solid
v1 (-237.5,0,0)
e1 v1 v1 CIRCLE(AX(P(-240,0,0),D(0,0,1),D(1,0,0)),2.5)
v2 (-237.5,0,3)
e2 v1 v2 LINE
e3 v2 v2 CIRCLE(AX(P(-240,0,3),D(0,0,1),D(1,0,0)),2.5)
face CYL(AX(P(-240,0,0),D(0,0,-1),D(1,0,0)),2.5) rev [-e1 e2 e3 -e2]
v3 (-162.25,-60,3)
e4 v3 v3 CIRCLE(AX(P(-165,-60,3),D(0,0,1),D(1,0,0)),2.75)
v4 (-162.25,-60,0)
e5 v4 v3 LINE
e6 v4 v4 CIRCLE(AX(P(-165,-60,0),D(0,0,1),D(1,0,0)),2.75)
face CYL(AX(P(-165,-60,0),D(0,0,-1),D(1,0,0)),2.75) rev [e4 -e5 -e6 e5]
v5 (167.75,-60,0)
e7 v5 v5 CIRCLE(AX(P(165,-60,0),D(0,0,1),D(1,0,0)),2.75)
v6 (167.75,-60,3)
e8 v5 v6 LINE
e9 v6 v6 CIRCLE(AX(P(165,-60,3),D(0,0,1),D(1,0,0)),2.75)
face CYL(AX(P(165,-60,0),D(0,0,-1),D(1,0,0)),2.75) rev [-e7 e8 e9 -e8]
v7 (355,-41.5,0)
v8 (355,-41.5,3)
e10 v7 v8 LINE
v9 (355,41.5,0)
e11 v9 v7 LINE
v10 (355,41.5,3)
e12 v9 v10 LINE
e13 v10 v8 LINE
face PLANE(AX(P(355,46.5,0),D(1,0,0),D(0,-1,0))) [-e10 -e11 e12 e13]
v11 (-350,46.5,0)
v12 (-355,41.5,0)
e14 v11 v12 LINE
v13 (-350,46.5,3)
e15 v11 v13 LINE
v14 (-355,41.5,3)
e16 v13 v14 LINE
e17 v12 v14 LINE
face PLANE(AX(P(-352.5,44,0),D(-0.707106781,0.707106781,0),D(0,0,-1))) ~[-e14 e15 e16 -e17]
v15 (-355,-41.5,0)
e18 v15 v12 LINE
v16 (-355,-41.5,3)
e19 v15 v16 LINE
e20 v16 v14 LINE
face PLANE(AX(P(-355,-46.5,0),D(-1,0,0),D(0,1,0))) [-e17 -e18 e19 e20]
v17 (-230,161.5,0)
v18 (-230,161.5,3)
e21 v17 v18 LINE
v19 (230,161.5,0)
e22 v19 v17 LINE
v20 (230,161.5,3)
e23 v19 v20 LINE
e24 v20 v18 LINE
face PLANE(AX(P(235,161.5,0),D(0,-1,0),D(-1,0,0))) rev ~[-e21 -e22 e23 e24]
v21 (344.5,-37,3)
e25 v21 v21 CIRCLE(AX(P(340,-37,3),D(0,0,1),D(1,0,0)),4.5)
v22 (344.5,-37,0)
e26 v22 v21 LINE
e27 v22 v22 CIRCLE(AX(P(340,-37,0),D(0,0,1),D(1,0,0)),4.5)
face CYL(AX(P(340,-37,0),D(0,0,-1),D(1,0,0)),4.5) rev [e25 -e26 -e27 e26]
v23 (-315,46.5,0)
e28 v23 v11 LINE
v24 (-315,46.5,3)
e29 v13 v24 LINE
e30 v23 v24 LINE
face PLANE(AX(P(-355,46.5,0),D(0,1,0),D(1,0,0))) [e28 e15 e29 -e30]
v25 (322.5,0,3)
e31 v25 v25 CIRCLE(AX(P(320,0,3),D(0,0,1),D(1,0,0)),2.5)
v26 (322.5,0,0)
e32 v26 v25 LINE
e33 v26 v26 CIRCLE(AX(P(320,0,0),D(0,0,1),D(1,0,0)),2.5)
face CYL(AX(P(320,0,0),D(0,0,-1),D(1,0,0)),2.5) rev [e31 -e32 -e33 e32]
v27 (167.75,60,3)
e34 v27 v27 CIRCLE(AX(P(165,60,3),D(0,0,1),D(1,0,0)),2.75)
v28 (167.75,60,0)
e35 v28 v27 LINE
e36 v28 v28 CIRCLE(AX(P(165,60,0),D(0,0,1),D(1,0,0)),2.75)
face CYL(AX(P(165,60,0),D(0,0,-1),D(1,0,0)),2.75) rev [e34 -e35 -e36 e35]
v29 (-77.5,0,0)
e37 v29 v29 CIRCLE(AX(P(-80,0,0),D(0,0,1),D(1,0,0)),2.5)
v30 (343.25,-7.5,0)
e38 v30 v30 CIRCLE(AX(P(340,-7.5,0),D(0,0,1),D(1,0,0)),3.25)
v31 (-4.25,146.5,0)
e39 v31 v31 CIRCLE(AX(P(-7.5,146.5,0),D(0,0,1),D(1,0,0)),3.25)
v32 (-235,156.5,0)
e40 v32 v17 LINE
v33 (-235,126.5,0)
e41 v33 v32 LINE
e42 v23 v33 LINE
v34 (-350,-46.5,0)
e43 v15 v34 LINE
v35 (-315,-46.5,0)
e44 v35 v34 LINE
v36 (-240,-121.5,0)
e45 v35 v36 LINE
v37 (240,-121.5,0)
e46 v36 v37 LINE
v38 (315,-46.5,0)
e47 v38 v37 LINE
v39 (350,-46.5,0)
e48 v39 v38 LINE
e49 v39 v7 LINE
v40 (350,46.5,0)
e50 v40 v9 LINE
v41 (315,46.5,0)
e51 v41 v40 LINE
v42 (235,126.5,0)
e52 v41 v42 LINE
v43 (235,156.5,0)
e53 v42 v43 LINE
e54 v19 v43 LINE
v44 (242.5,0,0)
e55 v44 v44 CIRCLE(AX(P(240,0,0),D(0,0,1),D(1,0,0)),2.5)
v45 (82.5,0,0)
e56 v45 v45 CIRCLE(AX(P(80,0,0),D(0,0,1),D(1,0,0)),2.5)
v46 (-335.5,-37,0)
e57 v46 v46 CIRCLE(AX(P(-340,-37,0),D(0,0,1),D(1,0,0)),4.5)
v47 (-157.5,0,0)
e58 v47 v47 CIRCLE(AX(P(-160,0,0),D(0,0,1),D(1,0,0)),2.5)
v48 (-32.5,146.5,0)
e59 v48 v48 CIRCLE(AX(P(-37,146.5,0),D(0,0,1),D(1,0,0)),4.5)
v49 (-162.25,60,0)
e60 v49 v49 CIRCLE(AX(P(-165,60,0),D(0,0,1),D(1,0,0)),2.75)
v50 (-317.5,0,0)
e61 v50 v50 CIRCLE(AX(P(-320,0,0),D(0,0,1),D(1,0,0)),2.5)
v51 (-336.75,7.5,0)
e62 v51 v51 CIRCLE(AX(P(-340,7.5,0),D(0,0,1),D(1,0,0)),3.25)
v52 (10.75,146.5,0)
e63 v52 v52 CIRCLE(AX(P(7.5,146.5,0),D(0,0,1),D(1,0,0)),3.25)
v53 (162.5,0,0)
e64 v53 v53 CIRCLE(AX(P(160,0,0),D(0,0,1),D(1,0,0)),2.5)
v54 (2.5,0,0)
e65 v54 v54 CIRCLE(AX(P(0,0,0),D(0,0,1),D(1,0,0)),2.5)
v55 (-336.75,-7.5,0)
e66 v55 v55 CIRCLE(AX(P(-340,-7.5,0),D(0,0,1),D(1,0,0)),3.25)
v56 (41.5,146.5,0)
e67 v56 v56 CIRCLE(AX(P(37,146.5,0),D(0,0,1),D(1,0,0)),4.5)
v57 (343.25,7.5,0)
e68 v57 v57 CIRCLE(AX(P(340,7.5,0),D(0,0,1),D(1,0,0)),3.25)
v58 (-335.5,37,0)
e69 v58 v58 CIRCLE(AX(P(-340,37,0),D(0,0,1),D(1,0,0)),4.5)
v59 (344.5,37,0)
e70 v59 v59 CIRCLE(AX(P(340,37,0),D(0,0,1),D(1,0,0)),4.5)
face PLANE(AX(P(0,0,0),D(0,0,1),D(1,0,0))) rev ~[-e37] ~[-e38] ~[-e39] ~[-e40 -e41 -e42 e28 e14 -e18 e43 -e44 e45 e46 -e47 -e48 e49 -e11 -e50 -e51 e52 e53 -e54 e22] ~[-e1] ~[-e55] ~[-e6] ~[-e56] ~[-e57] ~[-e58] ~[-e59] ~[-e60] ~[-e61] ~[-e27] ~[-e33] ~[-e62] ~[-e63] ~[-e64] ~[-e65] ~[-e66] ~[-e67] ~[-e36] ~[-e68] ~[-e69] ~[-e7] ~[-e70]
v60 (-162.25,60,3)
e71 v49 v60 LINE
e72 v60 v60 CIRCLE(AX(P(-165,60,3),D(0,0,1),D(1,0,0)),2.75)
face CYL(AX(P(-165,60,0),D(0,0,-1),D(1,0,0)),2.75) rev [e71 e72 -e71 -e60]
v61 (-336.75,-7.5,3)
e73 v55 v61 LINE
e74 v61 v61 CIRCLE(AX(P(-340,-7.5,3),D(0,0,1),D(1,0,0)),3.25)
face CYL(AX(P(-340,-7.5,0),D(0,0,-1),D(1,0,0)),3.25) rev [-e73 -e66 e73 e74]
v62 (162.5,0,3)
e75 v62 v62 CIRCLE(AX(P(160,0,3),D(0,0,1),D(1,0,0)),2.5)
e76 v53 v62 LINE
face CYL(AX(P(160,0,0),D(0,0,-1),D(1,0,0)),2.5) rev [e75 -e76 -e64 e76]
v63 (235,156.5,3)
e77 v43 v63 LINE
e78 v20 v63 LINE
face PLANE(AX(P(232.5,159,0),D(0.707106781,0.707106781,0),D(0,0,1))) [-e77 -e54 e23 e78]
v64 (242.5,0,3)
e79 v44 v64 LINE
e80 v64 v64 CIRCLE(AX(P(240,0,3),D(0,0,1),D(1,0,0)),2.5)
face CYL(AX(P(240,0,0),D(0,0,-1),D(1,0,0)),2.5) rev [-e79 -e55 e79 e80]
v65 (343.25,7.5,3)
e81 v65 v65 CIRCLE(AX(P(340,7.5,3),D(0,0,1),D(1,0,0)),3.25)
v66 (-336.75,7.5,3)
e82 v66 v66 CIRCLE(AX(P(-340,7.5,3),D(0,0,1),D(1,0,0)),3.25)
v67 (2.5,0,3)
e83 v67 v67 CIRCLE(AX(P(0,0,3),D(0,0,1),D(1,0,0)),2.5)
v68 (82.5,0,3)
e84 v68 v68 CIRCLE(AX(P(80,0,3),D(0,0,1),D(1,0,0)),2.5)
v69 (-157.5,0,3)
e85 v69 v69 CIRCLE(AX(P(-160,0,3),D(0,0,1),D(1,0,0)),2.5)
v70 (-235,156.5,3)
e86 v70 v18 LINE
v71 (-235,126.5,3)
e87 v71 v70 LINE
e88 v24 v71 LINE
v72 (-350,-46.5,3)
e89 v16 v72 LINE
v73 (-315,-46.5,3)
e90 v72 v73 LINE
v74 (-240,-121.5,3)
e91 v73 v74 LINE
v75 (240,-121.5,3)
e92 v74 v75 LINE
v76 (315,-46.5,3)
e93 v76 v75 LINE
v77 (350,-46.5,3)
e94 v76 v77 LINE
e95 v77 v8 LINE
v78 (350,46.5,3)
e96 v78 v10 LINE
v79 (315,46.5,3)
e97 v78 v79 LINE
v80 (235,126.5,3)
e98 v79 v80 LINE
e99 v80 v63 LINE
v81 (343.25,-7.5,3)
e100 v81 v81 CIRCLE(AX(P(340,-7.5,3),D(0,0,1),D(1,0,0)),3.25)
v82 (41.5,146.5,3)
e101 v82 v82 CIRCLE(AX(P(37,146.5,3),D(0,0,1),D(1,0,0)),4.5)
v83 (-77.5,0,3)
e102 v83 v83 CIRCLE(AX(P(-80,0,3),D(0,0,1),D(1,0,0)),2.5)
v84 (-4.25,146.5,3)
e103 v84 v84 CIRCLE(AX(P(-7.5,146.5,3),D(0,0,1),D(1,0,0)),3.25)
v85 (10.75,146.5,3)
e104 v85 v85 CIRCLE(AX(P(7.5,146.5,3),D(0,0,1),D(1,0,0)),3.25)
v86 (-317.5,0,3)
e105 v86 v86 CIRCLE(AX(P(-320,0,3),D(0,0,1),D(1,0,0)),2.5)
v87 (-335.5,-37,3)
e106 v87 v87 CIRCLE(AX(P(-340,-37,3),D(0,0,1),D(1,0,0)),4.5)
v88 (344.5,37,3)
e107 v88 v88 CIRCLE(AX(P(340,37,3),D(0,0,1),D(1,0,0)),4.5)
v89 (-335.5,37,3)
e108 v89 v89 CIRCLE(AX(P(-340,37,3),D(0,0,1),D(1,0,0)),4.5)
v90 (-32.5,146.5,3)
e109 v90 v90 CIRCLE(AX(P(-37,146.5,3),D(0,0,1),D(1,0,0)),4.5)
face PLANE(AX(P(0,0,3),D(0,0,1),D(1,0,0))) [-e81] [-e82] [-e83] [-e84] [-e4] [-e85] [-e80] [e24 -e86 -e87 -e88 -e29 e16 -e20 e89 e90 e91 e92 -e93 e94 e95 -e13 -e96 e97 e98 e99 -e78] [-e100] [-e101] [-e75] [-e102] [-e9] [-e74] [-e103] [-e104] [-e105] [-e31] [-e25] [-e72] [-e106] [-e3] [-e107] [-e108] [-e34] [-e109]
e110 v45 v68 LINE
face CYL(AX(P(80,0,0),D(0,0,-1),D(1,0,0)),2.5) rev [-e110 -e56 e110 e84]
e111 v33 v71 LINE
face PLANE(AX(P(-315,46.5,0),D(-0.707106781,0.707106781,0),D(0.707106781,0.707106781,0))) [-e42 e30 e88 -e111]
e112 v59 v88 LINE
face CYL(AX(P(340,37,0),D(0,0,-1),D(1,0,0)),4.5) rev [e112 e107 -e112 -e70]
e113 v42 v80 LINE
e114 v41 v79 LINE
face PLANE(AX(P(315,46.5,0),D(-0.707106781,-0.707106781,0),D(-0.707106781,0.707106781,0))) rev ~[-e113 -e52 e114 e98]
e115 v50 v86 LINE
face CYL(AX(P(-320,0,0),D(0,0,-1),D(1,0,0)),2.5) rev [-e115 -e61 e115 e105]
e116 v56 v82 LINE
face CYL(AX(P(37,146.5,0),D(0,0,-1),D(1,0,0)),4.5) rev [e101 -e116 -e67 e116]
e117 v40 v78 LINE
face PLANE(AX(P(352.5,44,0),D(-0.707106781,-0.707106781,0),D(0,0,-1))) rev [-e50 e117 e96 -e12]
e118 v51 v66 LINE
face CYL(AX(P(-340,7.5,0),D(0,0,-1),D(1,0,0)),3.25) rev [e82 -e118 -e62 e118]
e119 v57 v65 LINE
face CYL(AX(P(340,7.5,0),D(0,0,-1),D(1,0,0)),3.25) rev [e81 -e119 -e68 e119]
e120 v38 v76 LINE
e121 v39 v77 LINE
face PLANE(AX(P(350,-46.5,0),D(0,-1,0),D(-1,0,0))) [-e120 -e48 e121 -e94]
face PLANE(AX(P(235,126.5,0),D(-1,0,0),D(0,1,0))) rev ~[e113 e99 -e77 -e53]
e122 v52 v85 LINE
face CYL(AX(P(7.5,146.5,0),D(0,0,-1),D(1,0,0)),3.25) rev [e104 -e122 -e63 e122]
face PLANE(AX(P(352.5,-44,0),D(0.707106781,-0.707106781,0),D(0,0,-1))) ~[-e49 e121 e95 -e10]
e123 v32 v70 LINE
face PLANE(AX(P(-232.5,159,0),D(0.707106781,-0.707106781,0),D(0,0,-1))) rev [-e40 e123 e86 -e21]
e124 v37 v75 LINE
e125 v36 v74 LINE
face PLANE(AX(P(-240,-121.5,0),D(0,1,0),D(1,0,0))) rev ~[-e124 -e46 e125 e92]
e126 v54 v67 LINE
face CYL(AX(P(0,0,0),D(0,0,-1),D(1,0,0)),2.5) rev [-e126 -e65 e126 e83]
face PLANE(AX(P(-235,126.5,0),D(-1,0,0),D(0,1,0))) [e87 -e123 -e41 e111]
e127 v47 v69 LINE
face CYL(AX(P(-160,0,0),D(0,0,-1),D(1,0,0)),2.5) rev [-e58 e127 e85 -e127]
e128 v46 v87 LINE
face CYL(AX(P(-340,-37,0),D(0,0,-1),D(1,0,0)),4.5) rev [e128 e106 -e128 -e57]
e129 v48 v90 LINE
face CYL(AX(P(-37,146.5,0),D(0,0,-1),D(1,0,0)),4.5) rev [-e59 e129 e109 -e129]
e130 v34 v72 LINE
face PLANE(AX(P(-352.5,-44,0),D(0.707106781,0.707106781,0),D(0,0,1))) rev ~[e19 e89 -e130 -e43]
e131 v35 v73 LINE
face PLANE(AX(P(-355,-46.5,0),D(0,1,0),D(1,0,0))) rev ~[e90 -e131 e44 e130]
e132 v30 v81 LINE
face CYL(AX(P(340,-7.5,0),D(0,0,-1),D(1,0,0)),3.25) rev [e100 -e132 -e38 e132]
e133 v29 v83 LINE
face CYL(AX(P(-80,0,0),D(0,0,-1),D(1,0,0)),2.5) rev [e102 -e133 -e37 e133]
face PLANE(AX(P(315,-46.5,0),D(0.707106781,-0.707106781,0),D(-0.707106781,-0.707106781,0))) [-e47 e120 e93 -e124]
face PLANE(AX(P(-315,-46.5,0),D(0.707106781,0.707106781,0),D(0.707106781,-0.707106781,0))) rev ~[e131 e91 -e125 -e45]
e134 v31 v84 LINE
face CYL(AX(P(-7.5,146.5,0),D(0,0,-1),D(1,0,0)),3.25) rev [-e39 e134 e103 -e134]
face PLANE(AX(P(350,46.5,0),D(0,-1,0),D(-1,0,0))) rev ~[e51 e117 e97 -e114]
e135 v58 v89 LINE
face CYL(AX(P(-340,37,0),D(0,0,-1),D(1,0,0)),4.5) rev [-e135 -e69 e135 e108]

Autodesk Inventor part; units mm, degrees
ref_plane "YZ Plane" through (0, 0, 0) normal (1, 0, 0) x (0, 1, 0)
ref_plane "XZ Plane" through (0, 0, 0) normal (0, 1, 0) x (-1, 0, 0)
ref_plane "XY Plane" through (0, 0, 0) normal (0, 0, 1) x (1, 0, 0)
sketch "Skizze1" plane through (0, 0, 0) normal (0, 0, 1) x (1, 0, 0)
  line L0 (-355, 166.5) -> (355, 166.5)
  line L1 (355, 166.5) -> (355, -166.5)
  line L2 (355, -166.5) -> (-355, -166.5)
  line L3 (-355, -166.5) -> (-355, 166.5)
  line L4 (-355, 166.5) -> (355, -166.5) construction
  line L5 (355, 166.5) -> (-355, -166.5) construction
  line L6 (-315, 126.5) -> (315, 126.5)
  line L7 (315, 126.5) -> (315, -126.5)
  line L8 (315, -126.5) -> (-315, -126.5)
  line L9 (-315, -126.5) -> (-315, 126.5)
  line L10 (0, 233.1) -> (0, -233.1) construction
  line L11 (-355, 46.5) -> (-315, 46.5)
  line L12 (-315, 46.5) -> (-235, 126.5)
  line L13 (-235, 126.5) -> (-235, 166.5)
  line L14 (-355, -46.5) -> (-315, -46.5)
  line L15 (-315, -46.5) -> (-235, -126.5)
  line L16 (-235, -126.5) -> (-235, -166.5)
  line L17 (355, 46.5) -> (315, 46.5)
  line L18 (315, 46.5) -> (235, 126.5)
  line L19 (235, 126.5) -> (235, 163.7426)
  line L20 (355, -46.5) -> (315, -46.5)
  line L21 (315, -46.5) -> (235, -126.5)
  line L22 (350, 161.5) -> (-350, 161.5)
  line L23 (-350, 161.5) -> (-350, -161.5)
  line L24 (-350, -161.5) -> (350, -161.5)
  line L25 (350, -161.5) -> (350, 161.5)
  circle A0 centre (-165, -60) radius 2.75
  line L26 (-153.5, -54) -> (-176.5, -54) construction
  line L27 (-176.5, -54) -> (-176.5, 54) construction
  line L28 (-176.5, 54) -> (-153.5, 54) construction
  line L29 (-153.5, 54) -> (-153.5, -54) construction
  line L30 (-153.5, -54) -> (-176.5, 54) construction
  line L31 (-176.5, -54) -> (-153.5, 54) construction
  line L32 (-497, 0) -> (497, 0) construction
  line L33 (-165, -54) -> (-165, 54) construction
  circle A1 centre (-165, 60) radius 2.75
  line L34 (176.5, 54) -> (153.5, 54) construction
  line L35 (153.5, 54) -> (153.5, -54) construction
  circle A2 centre (165, -60) radius 2.75
  line L36 (153.5, -54) -> (176.5, -54) construction
  line L37 (176.5, -54) -> (176.5, 54) construction
  circle A3 centre (165, 60) radius 2.75
  line L38 (-348, -45) -> (-332, -45) construction
  line L39 (-332, -45) -> (-332, 45) construction
  line L40 (-332, 45) -> (-348, 45) construction
  line L41 (-348, 45) -> (-348, -45) construction
  line L42 (-348, -45) -> (-332, 45) construction
  line L43 (-332, -45) -> (-348, 45) construction
  circle A4 centre (-340, -7.5) radius 3.25
  circle A5 centre (-340, -37) radius 4.5
  line L44 (-332, 0) -> (-348, 0) construction
  line L45 (-340, -45) -> (-340, 45) construction
  circle A6 centre (-340, 37) radius 4.5
  circle A7 centre (-340, 7.5) radius 3.25
  line L46 (-47.5, 154.5) -> (47.5, 154.5) construction
  line L47 (47.5, 154.5) -> (47.5, 138.5) construction
  line L48 (47.5, 138.5) -> (-47.5, 138.5) construction
  line L49 (-47.5, 138.5) -> (-47.5, 154.5) construction
  line L50 (-47.5, 154.5) -> (47.5, 138.5) construction
  line L51 (47.5, 154.5) -> (-47.5, 138.5) construction
  line L52 (-47.5, 146.5) -> (47.5, 146.5) construction
  circle A8 centre (-7.5, 146.5) radius 3.25
  circle A9 centre (-37, 146.5) radius 4.5
  circle A10 centre (7.5, 146.5) radius 3.25
  circle A11 centre (37, 146.5) radius 4.5
  circle A12 centre (340, -37) radius 4.5
  circle A13 centre (340, -7.5) radius 3.25
  circle A14 centre (340, 7.5) radius 3.25
  circle A15 centre (340, 37) radius 4.5
  circle A16 centre (0, 0) radius 2.5
  circle A17 centre (80, 0) radius 2.5
  circle A18 centre (160, 0) radius 2.5
  circle A19 centre (240, 0) radius 2.5
  circle A20 centre (320, 0) radius 2.5
  circle A21 centre (-80, 0) radius 2.5
  circle A22 centre (-160, 0) radius 2.5
  circle A23 centre (-240, 0) radius 2.5
  circle A24 centre (-320, 0) radius 2.5
  line L53 (-240, -121.5) -> (240, -121.5)
  line L54 (235, -126.5) -> (235, -166.5)
  point P0 (-235, 163.7426)
  point P1 (235, 161.5)
  point P2 (-235, 161.5)
  point P3 (-350, 46.5)
  point P4 (-350, -46.5)
  point P5 (-235, -126.5)
  point P6 (235, -126.5)
  point P7 (350, -46.5)
  point P8 (350, 46.5)
  point P9 (-165, 0)
  point P10 (-340, 0)
  point P11 (0, 146.5)
  point P12 (355, 46.5)
  dimension "d0" = 710
  dimension "d1" = 333
  dimension "d2" = 40
  dimension "d13" = 5
  dimension "d16" = 5.5
  dimension "d17" = 23
  dimension "d18" = 108
  dimension "d22" = 60
  dimension "d24" = 190
  dimension "d25" = 16
  dimension "d26" = 90
  dimension "d27" = 6.5
  dimension "d28" = 9
  dimension "d29" = 7.5
  dimension "d30" = 37
  dimension "d33" = 15
  dimension "d34" = 95
  dimension "d35" = 16
  dimension "d36" = 20
  dimension "d37" = 6.5
  dimension "d38" = 9
  dimension "d39" = 7.5
  dimension "d40" = 37
  dimension "d41" = 5
  dimension "d52" = 80
  dimension "d59" = 80
  dimension "d64" = 5
  dimension "d68" = 120
  dimension "d69" = 120
  dimension "d70" = 120
  dimension "d72" = 120
  dimension "d73" = 45
  dimension "d74" = 45
extrude "Extrusion1" add sketch "Skizze1" along normal blind 3 contours L11 L23 L14 L3 | L22 L19 L6 L13 | L11 L9 L14 L23 | L1 L20 L25 L17 | L6 L18 L7 L21 L53 L15 L9 L12 | L25 L20 L7 L17
chamfer "Fase-5mm" distance 5 angle 45 6 edges at (355, 46.5, 1.5) (355, -46.5, 1.5) (-355, -46.5, 1.5) (-355, 46.5, 1.5) (-235, 161.5, 1.5) (235, 161.5, 1.5)
equation "\"d37\" = d27"
equation "\"d38\" = d28"
equation "\"d39\" = d29"
equation "\"d40\" = d30"
equation "\"d59\" = d52"
properties part number "enc - FrontPanel Oben V2"
